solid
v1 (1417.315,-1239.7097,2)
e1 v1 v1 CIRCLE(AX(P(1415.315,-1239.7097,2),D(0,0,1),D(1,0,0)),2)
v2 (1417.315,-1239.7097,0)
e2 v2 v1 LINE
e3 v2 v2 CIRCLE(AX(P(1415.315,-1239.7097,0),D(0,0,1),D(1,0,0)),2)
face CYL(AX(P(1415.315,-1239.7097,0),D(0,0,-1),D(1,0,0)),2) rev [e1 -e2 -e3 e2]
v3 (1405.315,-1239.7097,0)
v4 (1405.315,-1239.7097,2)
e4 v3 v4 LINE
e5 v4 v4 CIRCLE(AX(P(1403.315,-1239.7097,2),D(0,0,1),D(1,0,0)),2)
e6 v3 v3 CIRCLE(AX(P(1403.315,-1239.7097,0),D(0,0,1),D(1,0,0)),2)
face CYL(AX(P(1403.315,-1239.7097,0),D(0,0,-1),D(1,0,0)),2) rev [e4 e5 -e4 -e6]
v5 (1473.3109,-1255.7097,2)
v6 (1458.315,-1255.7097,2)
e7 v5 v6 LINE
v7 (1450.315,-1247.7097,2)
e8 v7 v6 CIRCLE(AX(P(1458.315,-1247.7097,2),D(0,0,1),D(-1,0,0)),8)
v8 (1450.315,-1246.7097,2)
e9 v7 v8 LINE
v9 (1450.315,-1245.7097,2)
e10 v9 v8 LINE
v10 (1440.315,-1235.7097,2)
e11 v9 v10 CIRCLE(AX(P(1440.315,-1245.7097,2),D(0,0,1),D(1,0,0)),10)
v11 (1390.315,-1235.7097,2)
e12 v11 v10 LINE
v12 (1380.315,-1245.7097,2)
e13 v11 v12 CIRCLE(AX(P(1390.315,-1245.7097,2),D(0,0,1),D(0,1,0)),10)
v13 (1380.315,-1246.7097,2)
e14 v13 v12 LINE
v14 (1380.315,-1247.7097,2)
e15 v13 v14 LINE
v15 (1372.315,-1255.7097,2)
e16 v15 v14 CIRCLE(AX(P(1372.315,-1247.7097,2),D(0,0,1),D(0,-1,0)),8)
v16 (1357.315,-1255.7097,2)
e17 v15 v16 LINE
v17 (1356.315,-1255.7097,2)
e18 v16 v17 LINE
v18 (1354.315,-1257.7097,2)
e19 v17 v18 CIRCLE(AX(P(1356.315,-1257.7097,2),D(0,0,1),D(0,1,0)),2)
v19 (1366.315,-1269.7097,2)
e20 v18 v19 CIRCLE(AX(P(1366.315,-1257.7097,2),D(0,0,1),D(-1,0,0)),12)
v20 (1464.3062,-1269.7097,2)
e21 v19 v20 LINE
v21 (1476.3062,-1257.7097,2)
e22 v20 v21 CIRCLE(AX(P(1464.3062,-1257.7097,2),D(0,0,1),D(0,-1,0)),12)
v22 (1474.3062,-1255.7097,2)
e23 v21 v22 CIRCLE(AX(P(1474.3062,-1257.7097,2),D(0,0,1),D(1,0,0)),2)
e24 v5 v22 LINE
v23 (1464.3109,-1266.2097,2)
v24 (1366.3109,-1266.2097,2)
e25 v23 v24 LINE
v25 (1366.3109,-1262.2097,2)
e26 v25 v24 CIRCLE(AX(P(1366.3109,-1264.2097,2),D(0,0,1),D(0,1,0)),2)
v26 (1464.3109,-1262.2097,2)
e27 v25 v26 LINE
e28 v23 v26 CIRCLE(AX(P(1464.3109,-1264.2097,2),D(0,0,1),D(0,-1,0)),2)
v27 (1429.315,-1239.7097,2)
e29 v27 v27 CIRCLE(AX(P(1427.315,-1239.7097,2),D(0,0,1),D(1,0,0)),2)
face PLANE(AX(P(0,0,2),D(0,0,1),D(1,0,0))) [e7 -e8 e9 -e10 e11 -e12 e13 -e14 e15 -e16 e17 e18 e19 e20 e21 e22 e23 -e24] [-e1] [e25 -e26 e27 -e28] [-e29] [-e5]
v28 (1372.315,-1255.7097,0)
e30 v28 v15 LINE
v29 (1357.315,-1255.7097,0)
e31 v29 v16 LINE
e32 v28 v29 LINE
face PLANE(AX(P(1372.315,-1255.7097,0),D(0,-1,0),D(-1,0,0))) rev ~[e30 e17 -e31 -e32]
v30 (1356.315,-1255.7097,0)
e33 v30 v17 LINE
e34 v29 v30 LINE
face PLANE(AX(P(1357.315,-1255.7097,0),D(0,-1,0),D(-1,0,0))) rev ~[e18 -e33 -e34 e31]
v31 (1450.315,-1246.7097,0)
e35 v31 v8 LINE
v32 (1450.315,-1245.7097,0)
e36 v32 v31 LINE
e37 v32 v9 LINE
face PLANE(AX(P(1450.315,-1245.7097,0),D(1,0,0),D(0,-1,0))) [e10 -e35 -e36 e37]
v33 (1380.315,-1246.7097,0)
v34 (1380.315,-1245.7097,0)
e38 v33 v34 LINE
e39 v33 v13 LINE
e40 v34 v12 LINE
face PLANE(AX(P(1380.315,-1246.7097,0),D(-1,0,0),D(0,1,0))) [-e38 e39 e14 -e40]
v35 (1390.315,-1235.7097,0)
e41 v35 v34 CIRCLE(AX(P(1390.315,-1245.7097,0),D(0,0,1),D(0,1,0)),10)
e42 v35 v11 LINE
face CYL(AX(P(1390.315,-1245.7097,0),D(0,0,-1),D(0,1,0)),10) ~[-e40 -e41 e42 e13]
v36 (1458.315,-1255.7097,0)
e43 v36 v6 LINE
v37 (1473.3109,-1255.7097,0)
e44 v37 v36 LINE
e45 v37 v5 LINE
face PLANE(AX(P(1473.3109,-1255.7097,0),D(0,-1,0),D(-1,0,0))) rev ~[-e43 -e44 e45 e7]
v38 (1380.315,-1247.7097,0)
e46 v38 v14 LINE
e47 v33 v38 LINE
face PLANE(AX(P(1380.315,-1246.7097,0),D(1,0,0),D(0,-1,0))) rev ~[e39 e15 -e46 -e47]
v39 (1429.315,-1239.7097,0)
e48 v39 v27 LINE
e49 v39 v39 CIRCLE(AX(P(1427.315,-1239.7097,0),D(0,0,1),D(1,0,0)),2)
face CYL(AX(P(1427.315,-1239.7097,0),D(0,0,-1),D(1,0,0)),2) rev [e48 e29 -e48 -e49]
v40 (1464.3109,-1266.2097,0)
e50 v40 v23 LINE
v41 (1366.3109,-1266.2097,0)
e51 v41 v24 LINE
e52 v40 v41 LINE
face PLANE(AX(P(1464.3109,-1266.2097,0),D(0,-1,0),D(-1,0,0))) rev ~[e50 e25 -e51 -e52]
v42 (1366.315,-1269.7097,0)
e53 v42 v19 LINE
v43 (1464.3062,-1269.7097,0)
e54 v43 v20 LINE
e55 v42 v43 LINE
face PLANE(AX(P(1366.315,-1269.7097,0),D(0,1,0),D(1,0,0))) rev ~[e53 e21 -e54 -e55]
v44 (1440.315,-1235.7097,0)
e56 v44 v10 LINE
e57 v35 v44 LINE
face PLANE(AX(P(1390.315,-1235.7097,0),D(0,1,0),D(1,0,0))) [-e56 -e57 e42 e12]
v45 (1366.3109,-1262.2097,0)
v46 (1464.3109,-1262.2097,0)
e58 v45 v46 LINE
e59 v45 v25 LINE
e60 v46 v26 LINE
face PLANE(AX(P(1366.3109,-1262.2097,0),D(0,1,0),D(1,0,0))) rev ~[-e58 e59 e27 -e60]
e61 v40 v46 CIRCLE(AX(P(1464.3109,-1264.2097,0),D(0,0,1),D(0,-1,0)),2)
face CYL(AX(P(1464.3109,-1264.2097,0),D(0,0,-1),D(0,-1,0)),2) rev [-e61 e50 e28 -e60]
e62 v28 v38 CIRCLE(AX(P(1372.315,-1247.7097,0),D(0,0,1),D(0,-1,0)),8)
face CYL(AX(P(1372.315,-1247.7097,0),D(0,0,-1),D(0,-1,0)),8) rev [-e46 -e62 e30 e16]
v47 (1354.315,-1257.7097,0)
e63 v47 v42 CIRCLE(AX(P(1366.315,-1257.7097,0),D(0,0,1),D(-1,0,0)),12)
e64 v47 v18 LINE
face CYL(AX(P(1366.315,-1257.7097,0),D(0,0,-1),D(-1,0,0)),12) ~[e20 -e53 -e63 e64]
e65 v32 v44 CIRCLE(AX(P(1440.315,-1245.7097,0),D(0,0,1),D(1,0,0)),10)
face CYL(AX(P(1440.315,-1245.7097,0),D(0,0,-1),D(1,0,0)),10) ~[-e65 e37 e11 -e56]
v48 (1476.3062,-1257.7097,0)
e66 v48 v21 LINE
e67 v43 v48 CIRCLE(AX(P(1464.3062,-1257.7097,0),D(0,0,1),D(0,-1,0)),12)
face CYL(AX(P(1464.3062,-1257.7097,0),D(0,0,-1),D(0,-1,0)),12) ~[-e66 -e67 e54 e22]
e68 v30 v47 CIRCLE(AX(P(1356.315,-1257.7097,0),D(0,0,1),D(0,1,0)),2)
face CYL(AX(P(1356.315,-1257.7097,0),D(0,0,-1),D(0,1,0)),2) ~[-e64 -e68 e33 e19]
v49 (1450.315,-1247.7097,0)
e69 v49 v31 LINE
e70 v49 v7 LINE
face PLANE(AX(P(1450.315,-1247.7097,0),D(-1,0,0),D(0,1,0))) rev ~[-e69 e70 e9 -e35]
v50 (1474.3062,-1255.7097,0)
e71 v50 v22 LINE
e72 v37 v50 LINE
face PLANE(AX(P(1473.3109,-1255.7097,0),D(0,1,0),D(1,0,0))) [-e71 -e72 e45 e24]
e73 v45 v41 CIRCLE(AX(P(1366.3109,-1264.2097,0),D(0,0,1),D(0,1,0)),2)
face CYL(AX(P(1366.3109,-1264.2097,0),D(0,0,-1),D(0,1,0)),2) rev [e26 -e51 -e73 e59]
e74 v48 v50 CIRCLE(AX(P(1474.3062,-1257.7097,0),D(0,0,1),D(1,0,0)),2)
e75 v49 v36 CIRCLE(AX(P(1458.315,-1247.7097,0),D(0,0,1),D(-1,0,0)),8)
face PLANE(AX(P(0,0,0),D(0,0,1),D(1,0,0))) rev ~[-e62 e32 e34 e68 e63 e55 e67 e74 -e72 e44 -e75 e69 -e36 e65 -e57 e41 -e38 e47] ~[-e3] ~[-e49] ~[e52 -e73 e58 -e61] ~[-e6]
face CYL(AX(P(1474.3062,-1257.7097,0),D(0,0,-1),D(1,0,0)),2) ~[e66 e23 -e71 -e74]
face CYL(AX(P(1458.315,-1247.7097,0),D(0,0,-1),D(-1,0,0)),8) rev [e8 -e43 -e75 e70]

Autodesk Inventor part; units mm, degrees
ref_plane "YZ Plane" through (0, 0, 0) normal (1, 0, 0) x (0, 1, 0)
ref_plane "XZ Plane" through (0, 0, 0) normal (0, 1, 0) x (-1, 0, 0)
ref_plane "XY Plane" through (0, 0, 0) normal (0, 0, 1) x (1, 0, 0)
sketch "Эскиз1" plane through (0, 0, 0) normal (0, 0, 1) x (1, 0, 0)
  line L0 (1380.315, -1246.7097) -> (1380.315, -1245.7097)
  line L1 (1390.315, -1235.7097) -> (1440.315, -1235.7097)
  line L2 (1450.315, -1245.7097) -> (1450.315, -1246.7097)
  arc A0 (1390.315, -1235.7097) -> (1380.315, -1245.7097) centre (1390.315, -1245.7097) ccw
  arc A1 (1450.315, -1245.7097) -> (1440.315, -1235.7097) centre (1440.315, -1245.7097) ccw
  line L3 (1380.315, -1246.7097) -> (1380.315, -1247.7097)
  line L4 (1372.315, -1255.7097) -> (1357.315, -1255.7097)
  line L5 (1473.3109, -1255.7097) -> (1458.315, -1255.7097)
  line L6 (1450.315, -1247.7097) -> (1450.315, -1246.7097)
  arc A2 (1372.315, -1255.7097) -> (1380.315, -1247.7097) centre (1372.315, -1247.7097) ccw
  arc A3 (1450.315, -1247.7097) -> (1458.315, -1255.7097) centre (1458.315, -1247.7097) ccw
  circle A4 centre (1415.315, -1239.7097) radius 2
  line L7 (1357.315, -1255.7097) -> (1356.315, -1255.7097)
  arc A5 (1356.315, -1255.7097) -> (1354.315, -1257.7097) centre (1356.315, -1257.7097) ccw
  line L8 (1473.3109, -1255.7097) -> (1474.3062, -1255.7097)
  arc A6 (1476.3062, -1257.7097) -> (1474.3062, -1255.7097) centre (1474.3062, -1257.7097) ccw
  circle A7 centre (1427.315, -1239.7097) radius 2
  arc A8 (1366.3109, -1262.2097) -> (1366.3109, -1266.2097) centre (1366.3109, -1264.2097) ccw
  arc A9 (1464.3109, -1266.2097) -> (1464.3109, -1262.2097) centre (1464.3109, -1264.2097) ccw
  line L9 (1366.3109, -1262.2097) -> (1464.3109, -1262.2097)
  line L10 (1464.3109, -1266.2097) -> (1366.3109, -1266.2097)
  line L11 (1366.315, -1269.7097) -> (1464.3062, -1269.7097)
  line L12 (1476.3062, -1257.7097) -> (1476.3062, -1257.7097)
  line L13 (1354.315, -1257.7097) -> (1354.315, -1257.7097)
  arc A10 (1354.315, -1257.7097) -> (1366.315, -1269.7097) centre (1366.315, -1257.7097) ccw
  arc A11 (1464.3062, -1269.7097) -> (1476.3062, -1257.7097) centre (1464.3062, -1257.7097) ccw
  circle A12 centre (1403.315, -1239.7097) radius 2
  point P0 (0, 0)
  point P1 (1450.315, -1235.7097)
  point P2 (1380.315, -1255.7097)
  point P3 (1354.315, -1255.7097)
  point P4 (1476.3109, -1270.2097)
extrude "Выдавливание3" add sketch "Эскиз1" along normal blind 2
properties part number "NEW Бампер"
